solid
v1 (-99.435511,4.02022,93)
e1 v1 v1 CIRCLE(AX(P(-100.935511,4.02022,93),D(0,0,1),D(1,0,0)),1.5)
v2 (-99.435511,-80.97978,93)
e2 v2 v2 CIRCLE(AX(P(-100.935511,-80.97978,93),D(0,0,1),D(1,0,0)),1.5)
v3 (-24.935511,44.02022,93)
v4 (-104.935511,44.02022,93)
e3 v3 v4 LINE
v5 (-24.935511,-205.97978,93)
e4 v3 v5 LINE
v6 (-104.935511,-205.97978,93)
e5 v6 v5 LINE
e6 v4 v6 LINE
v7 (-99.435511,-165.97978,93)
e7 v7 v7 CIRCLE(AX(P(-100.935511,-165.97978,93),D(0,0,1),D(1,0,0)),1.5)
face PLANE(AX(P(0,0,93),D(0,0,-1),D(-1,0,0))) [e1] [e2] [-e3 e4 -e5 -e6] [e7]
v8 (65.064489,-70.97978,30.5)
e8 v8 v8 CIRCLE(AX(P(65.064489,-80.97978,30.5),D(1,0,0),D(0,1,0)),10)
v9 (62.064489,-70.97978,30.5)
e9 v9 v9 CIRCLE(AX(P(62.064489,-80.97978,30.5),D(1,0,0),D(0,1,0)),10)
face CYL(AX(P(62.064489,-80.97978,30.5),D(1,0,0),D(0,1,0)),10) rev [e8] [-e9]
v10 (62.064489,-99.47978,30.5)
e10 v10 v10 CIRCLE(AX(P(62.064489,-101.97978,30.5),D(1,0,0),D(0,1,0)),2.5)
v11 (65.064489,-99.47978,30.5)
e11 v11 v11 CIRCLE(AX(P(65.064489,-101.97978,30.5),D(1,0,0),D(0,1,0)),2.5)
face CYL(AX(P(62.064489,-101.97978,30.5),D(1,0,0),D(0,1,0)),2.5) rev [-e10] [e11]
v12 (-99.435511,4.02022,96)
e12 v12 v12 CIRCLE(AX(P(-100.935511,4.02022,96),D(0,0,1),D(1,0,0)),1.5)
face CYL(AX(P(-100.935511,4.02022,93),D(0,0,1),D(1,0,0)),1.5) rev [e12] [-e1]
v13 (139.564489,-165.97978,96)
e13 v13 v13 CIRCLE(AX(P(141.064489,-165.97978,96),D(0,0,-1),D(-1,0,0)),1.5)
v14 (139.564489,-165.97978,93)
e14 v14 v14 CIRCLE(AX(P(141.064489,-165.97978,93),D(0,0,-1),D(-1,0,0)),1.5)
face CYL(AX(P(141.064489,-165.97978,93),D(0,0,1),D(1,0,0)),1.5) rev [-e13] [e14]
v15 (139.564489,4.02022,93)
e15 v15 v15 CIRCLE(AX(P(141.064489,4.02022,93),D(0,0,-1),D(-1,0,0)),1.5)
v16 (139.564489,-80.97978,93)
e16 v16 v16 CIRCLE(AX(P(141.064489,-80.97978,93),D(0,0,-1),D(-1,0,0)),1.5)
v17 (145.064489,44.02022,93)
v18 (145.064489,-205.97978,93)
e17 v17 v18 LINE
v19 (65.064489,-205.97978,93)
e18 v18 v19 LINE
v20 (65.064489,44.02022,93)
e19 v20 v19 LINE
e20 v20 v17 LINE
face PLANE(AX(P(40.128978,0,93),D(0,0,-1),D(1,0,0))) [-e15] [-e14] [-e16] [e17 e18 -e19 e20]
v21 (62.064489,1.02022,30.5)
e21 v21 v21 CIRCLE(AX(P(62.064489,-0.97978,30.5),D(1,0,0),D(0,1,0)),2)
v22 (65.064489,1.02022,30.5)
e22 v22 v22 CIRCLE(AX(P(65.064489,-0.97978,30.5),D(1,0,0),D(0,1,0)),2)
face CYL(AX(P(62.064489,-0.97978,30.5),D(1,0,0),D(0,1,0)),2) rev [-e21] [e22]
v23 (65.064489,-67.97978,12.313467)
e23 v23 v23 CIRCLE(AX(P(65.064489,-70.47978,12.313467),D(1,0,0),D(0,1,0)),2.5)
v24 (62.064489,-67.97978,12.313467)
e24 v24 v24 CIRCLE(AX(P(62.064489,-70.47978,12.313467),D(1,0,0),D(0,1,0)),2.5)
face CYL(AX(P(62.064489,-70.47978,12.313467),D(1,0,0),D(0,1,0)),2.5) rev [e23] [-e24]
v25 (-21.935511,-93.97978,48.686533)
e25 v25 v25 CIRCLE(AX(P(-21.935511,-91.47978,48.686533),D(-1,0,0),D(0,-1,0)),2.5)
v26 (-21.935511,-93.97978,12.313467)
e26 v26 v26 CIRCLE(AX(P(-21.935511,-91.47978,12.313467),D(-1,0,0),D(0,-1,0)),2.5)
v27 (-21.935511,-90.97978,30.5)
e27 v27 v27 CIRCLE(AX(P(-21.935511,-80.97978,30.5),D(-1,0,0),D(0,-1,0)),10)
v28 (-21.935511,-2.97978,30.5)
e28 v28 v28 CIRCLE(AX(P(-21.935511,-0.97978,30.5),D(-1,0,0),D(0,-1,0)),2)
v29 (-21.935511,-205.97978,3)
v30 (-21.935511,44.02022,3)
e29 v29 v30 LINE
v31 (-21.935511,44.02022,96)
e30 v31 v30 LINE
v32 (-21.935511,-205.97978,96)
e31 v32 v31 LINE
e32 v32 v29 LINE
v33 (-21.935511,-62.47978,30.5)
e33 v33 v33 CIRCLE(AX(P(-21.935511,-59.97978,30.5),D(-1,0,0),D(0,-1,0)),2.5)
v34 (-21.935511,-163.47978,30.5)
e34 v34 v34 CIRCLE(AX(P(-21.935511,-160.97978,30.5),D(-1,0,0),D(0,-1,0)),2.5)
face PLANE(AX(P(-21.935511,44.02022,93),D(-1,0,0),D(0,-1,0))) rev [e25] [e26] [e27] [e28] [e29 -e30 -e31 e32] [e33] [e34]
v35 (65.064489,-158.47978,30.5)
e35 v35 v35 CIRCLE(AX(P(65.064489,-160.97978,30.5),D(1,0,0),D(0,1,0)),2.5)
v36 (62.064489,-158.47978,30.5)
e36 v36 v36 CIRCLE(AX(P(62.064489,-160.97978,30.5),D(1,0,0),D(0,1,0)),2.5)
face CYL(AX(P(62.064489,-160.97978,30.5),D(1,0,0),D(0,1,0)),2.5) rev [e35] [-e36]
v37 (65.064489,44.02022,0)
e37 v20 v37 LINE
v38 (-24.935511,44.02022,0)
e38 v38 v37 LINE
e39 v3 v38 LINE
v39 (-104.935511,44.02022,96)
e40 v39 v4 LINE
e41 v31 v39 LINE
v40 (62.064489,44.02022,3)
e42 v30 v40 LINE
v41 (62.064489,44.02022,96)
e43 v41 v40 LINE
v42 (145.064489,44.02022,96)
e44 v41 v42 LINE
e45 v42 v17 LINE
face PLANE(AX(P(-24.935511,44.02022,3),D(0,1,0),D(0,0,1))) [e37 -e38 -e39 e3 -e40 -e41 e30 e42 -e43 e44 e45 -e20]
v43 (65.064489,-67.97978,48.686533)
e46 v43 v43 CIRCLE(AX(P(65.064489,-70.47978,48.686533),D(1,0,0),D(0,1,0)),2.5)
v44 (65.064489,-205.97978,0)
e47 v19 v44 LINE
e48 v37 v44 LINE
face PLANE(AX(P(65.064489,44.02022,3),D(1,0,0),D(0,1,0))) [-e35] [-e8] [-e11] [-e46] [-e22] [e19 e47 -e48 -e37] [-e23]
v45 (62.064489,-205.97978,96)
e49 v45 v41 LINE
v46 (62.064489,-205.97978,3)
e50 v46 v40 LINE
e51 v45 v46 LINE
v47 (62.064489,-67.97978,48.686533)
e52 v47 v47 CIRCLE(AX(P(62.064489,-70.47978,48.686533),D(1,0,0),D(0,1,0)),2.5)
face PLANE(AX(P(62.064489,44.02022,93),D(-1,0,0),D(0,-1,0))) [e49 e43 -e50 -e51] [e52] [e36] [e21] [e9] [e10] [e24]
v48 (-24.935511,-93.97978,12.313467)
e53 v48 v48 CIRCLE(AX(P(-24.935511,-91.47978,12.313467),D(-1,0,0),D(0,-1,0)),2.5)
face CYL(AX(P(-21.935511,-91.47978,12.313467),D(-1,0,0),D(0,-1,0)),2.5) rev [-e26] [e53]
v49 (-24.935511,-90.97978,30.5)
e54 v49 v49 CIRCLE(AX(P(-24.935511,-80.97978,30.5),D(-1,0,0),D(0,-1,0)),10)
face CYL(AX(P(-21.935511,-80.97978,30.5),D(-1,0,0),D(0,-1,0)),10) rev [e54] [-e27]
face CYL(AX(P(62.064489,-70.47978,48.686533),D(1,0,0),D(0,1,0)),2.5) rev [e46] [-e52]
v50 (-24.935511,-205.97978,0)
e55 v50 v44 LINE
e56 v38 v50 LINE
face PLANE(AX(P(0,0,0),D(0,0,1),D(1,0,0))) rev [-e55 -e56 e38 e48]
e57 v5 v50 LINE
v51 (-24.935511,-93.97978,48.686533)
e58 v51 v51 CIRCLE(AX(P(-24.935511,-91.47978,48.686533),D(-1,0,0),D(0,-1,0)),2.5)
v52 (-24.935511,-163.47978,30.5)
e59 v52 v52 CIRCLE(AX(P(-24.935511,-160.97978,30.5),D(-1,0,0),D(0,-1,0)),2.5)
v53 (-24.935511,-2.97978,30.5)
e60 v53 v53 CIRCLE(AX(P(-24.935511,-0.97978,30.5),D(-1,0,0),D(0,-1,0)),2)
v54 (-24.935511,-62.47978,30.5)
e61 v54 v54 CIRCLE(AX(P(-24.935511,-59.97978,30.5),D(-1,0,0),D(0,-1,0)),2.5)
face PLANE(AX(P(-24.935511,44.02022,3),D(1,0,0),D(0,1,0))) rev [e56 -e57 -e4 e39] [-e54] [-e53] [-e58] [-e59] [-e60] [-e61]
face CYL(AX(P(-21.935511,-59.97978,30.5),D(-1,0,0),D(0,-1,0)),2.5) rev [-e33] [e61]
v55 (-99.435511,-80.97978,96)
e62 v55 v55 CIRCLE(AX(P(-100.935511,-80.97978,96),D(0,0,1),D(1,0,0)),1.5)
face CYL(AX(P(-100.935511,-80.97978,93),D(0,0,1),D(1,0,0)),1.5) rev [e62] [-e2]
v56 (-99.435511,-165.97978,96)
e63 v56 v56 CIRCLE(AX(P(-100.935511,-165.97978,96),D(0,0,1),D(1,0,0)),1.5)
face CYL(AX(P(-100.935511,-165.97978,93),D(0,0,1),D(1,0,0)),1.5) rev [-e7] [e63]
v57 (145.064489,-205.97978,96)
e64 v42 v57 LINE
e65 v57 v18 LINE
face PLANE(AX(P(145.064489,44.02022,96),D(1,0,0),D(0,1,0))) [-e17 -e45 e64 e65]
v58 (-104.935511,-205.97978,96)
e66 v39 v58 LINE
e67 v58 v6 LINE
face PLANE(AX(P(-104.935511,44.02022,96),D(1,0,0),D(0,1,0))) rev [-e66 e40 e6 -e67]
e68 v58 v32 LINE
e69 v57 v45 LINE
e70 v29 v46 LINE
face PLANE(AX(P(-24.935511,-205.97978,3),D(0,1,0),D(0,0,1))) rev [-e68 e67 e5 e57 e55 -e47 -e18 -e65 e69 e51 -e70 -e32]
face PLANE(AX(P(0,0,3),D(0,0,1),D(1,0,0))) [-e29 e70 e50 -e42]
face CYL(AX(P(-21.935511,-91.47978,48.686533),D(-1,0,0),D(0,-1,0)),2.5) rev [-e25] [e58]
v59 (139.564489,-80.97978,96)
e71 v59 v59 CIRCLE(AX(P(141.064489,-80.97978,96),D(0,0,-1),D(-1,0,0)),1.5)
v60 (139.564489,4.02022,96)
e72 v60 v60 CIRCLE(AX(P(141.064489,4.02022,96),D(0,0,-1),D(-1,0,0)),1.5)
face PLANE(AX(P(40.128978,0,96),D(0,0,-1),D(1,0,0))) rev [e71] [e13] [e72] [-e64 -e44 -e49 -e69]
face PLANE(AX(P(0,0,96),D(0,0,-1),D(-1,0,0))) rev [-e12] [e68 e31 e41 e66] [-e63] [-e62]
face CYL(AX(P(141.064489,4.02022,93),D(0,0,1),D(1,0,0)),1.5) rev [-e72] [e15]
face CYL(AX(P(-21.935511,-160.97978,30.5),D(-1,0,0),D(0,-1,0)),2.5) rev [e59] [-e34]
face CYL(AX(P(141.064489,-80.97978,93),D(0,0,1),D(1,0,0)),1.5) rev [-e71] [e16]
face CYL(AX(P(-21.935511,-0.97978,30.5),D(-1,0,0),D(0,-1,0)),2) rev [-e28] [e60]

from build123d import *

# Parameters (mm, degrees)
ESQUISSE1_W             = 45
ESQUISSE1_H             = 250
BOSS_EXTRU_2_DEPTH      = 3
ESQUISSE2_W             = 3
ESQUISSE2_H             = 250
BOSS_EXTRU_3_DEPTH      = 90
ESQUISSE3_W             = 83
ESQUISSE3_H             = 250
BOSS_EXTRU_4_DEPTH      = 3
ESQUISSE4_R             = 10
ESQUISSE4_R_2           = 2.5
ESQUISSE4_R_3           = 2
ENL_V_MAT_EXTRU_1_DEPTH = 3
ESQUISSE5_R             = 1.5
ENL_V_MAT_EXTRU_2_DEPTH = 3
ENL_V_START             = -3
ESQUISSE6_R             = 10
ESQUISSE6_R_2           = 2
ESQUISSE6_R_3           = 2.5
ENL_V_MAT_EXTRU_3_DEPTH = 3


with BuildPart() as part:
    # Esquisse1 → Boss.-Extru.2 (new body)
    with BuildSketch(Plane.XY):
        with Locations((-2.435511103, -80.979780034)):
            Rectangle(ESQUISSE1_W, ESQUISSE1_H)
    boss_extru_2 = extrude(amount=BOSS_EXTRU_2_DEPTH)

    # Esquisse2 → Boss.-Extru.3 (add)
    with BuildSketch(Plane.XY.offset(3)):
        with Locations((-23.435511103, -80.979780034)):
            Rectangle(ESQUISSE2_W, ESQUISSE2_H)
    boss_extru_3 = extrude(amount=BOSS_EXTRU_3_DEPTH)

    # Esquisse3 → Boss.-Extru.4 (add)
    with BuildSketch(Plane.XY.offset(93)):
        with Locations((-63.435511103, -80.979780034)):
            Rectangle(ESQUISSE3_W, ESQUISSE3_H)
    boss_extru_4 = extrude(amount=BOSS_EXTRU_4_DEPTH)

    # Esquisse4 → Enlèv. mat.-Extru.1 (cut)
    with BuildSketch(Plane.ZY.offset(24.935511103)):
        with Locations((30.5, -80.979780034)):
            Circle(ESQUISSE4_R)
        with Locations((30.5, -59.979780034)):
            Circle(ESQUISSE4_R_2)
        with Locations((48.686533479, -91.479780034)):
            Circle(ESQUISSE4_R_2)
        with Locations((30.5, -0.979780034)):
            Circle(ESQUISSE4_R_3)
        with Locations((30.5, -160.979780034)):
            Circle(ESQUISSE4_R_2)
        with Locations((12.313466521, -91.479780034)):
            Circle(ESQUISSE4_R_2)
    extrude(amount=-ENL_V_MAT_EXTRU_1_DEPTH, mode=Mode.SUBTRACT)

    # Esquisse5 → Enlèv. mat.-Extru.2 (cut)
    with BuildSketch(Plane.XY.offset(96)):
        with Locations((-100.935511103, -80.979780034)):
            Circle(ESQUISSE5_R)
        with Locations((-100.935511103, 4.020219966)):
            Circle(ESQUISSE5_R)
        with Locations((-100.935511103, -165.979780034)):
            Circle(ESQUISSE5_R)
    enl_v_mat_extru_2 = extrude(amount=-ENL_V_MAT_EXTRU_2_DEPTH, mode=Mode.SUBTRACT)

    # Symétrie1: Boss.-Extru.2, Boss.-Extru.3, Boss.-Extru.4, Enlèv. mat.-Extru.2 across plane
    add(boss_extru_2.mirror(Plane(origin=(20.064488897, 44.020219966, 3), x_dir=(0, 0, 1), z_dir=(1, 0, 0))))
    add(boss_extru_3.mirror(Plane(origin=(20.064488897, 44.020219966, 3), x_dir=(0, 0, 1), z_dir=(1, 0, 0))))
    add(boss_extru_4.mirror(Plane(origin=(20.064488897, 44.020219966, 3), x_dir=(0, 0, 1), z_dir=(1, 0, 0))))
    add(enl_v_mat_extru_2.mirror(Plane(origin=(20.064488897, 44.020219966, 3), x_dir=(0, 0, 1), z_dir=(1, 0, 0))), mode=Mode.SUBTRACT)

    # Esquisse6 → Enlèv. mat.-Extru.3 (cut)
    with BuildSketch(Plane(origin=(65.064488897, 0, 0), x_dir=(0, 0, -1), z_dir=(1, 0, 0)).offset(ENL_V_START)):
        with Locations((-30.5, -80.979780034)):
            Circle(ESQUISSE6_R)
        with Locations((-30.5, -0.979780034)):
            Circle(ESQUISSE6_R_2)
        with Locations((-30.5, -160.979780034)):
            Circle(ESQUISSE6_R_3)
        with Locations((-30.5, -101.979780034)):
            Circle(ESQUISSE6_R_3)
        with Locations((-48.686533479, -70.479780034)):
            Circle(ESQUISSE6_R_3)
        with Locations((-12.313466521, -70.479780034)):
            Circle(ESQUISSE6_R_3)
    extrude(amount=ENL_V_MAT_EXTRU_3_DEPTH, mode=Mode.SUBTRACT)


solid = part.part
